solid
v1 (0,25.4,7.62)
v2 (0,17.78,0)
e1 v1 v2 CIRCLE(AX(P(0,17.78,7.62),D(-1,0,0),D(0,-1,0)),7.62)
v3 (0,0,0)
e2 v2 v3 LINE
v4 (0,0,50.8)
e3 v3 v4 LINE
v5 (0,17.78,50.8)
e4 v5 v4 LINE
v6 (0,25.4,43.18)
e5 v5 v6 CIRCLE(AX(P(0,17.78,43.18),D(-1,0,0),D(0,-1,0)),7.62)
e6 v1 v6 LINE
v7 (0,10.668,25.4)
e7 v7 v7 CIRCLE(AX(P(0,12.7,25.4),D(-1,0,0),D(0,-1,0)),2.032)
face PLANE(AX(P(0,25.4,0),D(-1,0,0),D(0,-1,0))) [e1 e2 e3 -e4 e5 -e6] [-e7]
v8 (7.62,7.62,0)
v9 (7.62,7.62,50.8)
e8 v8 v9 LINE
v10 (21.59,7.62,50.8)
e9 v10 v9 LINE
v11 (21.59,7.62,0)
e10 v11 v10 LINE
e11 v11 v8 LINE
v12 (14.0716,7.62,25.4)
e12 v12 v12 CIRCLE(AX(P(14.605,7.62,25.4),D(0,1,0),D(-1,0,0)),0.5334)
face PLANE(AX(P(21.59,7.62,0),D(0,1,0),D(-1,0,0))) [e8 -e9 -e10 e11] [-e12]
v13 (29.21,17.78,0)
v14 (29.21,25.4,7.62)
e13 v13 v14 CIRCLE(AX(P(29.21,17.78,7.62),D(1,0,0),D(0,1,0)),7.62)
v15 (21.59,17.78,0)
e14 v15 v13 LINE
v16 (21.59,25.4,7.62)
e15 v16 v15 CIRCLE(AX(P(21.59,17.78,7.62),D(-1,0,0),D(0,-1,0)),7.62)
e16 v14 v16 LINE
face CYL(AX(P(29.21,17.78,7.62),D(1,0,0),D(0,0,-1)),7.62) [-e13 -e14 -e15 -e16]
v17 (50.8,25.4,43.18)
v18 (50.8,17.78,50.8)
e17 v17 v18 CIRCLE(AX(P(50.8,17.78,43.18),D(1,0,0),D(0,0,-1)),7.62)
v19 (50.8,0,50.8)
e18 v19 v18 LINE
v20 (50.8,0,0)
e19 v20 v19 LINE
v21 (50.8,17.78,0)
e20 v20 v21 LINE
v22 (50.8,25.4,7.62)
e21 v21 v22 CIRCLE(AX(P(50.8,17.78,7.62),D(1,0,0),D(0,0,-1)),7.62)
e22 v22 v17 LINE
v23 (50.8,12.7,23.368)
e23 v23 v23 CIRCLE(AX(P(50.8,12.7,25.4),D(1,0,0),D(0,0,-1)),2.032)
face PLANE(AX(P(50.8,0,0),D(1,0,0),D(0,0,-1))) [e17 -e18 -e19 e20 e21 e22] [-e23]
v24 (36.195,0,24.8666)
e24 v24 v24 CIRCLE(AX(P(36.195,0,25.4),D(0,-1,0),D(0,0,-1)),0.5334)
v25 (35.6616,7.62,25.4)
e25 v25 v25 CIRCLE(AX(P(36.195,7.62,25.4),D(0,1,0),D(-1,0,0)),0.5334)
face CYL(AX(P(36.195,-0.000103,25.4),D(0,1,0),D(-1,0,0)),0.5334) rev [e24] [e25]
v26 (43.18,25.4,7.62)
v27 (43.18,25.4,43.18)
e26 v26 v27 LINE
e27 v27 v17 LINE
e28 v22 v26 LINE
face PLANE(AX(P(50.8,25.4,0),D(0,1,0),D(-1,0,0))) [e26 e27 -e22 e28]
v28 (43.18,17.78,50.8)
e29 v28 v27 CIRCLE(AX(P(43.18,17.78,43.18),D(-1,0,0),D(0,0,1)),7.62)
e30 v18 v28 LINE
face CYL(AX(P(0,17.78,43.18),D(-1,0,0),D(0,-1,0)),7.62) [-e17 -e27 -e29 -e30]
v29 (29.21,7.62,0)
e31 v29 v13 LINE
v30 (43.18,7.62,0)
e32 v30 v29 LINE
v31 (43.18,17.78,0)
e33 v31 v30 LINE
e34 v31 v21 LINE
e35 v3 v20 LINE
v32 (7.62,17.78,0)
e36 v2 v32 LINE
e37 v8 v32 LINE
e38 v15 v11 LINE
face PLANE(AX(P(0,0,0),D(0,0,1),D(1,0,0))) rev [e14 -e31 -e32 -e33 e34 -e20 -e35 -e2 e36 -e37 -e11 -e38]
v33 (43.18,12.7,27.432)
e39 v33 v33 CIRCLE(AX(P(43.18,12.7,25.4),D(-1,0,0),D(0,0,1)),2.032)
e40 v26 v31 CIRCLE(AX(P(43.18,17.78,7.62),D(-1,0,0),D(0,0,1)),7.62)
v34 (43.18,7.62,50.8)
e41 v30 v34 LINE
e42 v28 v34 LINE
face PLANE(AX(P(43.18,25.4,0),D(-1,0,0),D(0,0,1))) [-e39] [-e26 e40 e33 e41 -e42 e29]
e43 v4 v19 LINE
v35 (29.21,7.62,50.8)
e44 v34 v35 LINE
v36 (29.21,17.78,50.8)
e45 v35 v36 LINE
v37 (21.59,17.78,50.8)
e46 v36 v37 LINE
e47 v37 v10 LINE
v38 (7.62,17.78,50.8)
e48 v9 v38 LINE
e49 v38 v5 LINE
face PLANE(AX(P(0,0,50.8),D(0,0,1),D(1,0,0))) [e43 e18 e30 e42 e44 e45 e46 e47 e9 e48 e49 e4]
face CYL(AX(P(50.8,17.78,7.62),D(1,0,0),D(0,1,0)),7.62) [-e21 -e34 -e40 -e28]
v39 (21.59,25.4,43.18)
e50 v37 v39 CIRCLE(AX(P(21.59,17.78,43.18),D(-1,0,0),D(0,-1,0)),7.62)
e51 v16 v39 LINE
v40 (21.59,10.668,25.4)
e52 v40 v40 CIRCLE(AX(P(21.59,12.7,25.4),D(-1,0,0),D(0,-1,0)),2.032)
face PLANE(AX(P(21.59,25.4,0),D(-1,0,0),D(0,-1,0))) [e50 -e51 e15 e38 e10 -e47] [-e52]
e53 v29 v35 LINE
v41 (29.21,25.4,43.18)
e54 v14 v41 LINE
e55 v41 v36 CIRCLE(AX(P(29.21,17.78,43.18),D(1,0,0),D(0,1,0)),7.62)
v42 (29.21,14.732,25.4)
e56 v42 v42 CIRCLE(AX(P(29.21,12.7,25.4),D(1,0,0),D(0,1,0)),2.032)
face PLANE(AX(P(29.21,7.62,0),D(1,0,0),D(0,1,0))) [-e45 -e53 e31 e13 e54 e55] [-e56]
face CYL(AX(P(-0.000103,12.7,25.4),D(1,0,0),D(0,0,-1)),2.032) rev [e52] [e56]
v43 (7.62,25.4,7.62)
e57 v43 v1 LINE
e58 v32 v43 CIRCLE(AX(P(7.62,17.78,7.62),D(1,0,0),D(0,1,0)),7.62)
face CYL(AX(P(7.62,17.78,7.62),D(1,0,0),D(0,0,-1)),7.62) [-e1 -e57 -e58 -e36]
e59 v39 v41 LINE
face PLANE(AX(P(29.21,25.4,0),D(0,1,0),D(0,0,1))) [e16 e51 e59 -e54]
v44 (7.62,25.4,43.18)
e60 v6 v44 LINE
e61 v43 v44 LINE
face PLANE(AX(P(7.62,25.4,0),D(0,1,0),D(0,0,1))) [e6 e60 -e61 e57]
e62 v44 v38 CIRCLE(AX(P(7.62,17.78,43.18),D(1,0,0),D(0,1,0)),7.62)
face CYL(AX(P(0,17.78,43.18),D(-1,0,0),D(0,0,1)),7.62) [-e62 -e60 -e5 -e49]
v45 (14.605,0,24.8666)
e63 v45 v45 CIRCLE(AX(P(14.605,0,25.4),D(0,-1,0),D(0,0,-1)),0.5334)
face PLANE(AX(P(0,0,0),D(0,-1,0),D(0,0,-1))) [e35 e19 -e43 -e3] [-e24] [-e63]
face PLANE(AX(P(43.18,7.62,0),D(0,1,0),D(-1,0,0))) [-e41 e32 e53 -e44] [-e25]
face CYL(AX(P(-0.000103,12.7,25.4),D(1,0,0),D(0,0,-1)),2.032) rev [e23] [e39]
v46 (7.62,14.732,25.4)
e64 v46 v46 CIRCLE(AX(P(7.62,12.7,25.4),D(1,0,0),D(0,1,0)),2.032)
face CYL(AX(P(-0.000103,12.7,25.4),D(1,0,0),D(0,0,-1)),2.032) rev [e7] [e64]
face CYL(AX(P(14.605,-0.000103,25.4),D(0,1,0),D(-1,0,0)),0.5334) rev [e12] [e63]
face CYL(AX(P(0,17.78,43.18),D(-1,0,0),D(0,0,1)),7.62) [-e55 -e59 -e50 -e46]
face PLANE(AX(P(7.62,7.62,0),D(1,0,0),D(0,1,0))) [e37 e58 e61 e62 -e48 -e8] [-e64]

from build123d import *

# Parameters (mm, degrees)
BOSS_EXTRUDE1_DEPTH = 50.8
FILLET3_R           = 7.62
FILLET4_R           = 7.62
SKETCH3_R           = 0.5334
CUT_EXTRUDE1_DEPTH  = 75.009515604
SKETCH4_R           = 2.032
CUT_EXTRUDE2_DEPTH  = 77.2


with BuildPart() as part:
    # 3DSketch1 → Boss-Extrude1 (new body)
    with BuildSketch(Plane(origin=(0, 25.4, 0), x_dir=(0.894427190999916, -0.447213595499958, 0), z_dir=(0, 0, -1))):
        Polygon((0, 0), (11.359225326, 22.718450651), (56.796126628, 0), (45.436901303, -22.718450651), (38.621366107, -19.310683054), (46.572823835, -3.407767598), (34.077675977, 2.839806331), (26.126218249, -13.063109125), (19.310683054, -9.655341527), (27.262140782, 6.247573929), (14.766992923, 12.495147858), (6.815535195, -3.407767598), align=None)
    extrude(amount=-BOSS_EXTRUDE1_DEPTH)

    # Fillet3
    fillet3_edges = [part.edges().sort_by_distance(p)[0] for p in [
        (3.81, 25.4, 50.8),
        (25.4, 25.4, 50.8),
        (46.99, 25.4, 50.8),
    ]]
    fillet(fillet3_edges, radius=FILLET3_R)

    # Fillet4
    fillet4_edges = [part.edges().sort_by_distance(p)[0] for p in [
        (46.99, 25.4, 0),
        (25.4, 25.4, 0),
        (3.81, 25.4, 0),
    ]]
    fillet(fillet4_edges, radius=FILLET4_R)

    # Sketch3 → Cut-Extrude1 (cut, through all)
    with BuildSketch(Plane(origin=(0, 7.62, 0), x_dir=(1, 0, 0), z_dir=(0, 1, 0))):
        with Locations(Location((14.605, -25.4, 0), (0, 0, 180))):
            Circle(SKETCH3_R)
        with Locations(Location((36.195, -25.4, 0), (0, 0, 180))):
            Circle(SKETCH3_R)
    extrude(amount=-CUT_EXTRUDE1_DEPTH, mode=Mode.SUBTRACT)

    # Sketch4 → Cut-Extrude2 (cut, through all)
    with BuildSketch(Plane(origin=(50.8, 0, 0), x_dir=(0, 0, -1), z_dir=(1, 0, 0))):
        with Locations(Location((-25.4, 12.7, 0), (0, 0, 90))):
            Circle(SKETCH4_R)
    extrude(amount=-CUT_EXTRUDE2_DEPTH, mode=Mode.SUBTRACT)


solid = part.part
